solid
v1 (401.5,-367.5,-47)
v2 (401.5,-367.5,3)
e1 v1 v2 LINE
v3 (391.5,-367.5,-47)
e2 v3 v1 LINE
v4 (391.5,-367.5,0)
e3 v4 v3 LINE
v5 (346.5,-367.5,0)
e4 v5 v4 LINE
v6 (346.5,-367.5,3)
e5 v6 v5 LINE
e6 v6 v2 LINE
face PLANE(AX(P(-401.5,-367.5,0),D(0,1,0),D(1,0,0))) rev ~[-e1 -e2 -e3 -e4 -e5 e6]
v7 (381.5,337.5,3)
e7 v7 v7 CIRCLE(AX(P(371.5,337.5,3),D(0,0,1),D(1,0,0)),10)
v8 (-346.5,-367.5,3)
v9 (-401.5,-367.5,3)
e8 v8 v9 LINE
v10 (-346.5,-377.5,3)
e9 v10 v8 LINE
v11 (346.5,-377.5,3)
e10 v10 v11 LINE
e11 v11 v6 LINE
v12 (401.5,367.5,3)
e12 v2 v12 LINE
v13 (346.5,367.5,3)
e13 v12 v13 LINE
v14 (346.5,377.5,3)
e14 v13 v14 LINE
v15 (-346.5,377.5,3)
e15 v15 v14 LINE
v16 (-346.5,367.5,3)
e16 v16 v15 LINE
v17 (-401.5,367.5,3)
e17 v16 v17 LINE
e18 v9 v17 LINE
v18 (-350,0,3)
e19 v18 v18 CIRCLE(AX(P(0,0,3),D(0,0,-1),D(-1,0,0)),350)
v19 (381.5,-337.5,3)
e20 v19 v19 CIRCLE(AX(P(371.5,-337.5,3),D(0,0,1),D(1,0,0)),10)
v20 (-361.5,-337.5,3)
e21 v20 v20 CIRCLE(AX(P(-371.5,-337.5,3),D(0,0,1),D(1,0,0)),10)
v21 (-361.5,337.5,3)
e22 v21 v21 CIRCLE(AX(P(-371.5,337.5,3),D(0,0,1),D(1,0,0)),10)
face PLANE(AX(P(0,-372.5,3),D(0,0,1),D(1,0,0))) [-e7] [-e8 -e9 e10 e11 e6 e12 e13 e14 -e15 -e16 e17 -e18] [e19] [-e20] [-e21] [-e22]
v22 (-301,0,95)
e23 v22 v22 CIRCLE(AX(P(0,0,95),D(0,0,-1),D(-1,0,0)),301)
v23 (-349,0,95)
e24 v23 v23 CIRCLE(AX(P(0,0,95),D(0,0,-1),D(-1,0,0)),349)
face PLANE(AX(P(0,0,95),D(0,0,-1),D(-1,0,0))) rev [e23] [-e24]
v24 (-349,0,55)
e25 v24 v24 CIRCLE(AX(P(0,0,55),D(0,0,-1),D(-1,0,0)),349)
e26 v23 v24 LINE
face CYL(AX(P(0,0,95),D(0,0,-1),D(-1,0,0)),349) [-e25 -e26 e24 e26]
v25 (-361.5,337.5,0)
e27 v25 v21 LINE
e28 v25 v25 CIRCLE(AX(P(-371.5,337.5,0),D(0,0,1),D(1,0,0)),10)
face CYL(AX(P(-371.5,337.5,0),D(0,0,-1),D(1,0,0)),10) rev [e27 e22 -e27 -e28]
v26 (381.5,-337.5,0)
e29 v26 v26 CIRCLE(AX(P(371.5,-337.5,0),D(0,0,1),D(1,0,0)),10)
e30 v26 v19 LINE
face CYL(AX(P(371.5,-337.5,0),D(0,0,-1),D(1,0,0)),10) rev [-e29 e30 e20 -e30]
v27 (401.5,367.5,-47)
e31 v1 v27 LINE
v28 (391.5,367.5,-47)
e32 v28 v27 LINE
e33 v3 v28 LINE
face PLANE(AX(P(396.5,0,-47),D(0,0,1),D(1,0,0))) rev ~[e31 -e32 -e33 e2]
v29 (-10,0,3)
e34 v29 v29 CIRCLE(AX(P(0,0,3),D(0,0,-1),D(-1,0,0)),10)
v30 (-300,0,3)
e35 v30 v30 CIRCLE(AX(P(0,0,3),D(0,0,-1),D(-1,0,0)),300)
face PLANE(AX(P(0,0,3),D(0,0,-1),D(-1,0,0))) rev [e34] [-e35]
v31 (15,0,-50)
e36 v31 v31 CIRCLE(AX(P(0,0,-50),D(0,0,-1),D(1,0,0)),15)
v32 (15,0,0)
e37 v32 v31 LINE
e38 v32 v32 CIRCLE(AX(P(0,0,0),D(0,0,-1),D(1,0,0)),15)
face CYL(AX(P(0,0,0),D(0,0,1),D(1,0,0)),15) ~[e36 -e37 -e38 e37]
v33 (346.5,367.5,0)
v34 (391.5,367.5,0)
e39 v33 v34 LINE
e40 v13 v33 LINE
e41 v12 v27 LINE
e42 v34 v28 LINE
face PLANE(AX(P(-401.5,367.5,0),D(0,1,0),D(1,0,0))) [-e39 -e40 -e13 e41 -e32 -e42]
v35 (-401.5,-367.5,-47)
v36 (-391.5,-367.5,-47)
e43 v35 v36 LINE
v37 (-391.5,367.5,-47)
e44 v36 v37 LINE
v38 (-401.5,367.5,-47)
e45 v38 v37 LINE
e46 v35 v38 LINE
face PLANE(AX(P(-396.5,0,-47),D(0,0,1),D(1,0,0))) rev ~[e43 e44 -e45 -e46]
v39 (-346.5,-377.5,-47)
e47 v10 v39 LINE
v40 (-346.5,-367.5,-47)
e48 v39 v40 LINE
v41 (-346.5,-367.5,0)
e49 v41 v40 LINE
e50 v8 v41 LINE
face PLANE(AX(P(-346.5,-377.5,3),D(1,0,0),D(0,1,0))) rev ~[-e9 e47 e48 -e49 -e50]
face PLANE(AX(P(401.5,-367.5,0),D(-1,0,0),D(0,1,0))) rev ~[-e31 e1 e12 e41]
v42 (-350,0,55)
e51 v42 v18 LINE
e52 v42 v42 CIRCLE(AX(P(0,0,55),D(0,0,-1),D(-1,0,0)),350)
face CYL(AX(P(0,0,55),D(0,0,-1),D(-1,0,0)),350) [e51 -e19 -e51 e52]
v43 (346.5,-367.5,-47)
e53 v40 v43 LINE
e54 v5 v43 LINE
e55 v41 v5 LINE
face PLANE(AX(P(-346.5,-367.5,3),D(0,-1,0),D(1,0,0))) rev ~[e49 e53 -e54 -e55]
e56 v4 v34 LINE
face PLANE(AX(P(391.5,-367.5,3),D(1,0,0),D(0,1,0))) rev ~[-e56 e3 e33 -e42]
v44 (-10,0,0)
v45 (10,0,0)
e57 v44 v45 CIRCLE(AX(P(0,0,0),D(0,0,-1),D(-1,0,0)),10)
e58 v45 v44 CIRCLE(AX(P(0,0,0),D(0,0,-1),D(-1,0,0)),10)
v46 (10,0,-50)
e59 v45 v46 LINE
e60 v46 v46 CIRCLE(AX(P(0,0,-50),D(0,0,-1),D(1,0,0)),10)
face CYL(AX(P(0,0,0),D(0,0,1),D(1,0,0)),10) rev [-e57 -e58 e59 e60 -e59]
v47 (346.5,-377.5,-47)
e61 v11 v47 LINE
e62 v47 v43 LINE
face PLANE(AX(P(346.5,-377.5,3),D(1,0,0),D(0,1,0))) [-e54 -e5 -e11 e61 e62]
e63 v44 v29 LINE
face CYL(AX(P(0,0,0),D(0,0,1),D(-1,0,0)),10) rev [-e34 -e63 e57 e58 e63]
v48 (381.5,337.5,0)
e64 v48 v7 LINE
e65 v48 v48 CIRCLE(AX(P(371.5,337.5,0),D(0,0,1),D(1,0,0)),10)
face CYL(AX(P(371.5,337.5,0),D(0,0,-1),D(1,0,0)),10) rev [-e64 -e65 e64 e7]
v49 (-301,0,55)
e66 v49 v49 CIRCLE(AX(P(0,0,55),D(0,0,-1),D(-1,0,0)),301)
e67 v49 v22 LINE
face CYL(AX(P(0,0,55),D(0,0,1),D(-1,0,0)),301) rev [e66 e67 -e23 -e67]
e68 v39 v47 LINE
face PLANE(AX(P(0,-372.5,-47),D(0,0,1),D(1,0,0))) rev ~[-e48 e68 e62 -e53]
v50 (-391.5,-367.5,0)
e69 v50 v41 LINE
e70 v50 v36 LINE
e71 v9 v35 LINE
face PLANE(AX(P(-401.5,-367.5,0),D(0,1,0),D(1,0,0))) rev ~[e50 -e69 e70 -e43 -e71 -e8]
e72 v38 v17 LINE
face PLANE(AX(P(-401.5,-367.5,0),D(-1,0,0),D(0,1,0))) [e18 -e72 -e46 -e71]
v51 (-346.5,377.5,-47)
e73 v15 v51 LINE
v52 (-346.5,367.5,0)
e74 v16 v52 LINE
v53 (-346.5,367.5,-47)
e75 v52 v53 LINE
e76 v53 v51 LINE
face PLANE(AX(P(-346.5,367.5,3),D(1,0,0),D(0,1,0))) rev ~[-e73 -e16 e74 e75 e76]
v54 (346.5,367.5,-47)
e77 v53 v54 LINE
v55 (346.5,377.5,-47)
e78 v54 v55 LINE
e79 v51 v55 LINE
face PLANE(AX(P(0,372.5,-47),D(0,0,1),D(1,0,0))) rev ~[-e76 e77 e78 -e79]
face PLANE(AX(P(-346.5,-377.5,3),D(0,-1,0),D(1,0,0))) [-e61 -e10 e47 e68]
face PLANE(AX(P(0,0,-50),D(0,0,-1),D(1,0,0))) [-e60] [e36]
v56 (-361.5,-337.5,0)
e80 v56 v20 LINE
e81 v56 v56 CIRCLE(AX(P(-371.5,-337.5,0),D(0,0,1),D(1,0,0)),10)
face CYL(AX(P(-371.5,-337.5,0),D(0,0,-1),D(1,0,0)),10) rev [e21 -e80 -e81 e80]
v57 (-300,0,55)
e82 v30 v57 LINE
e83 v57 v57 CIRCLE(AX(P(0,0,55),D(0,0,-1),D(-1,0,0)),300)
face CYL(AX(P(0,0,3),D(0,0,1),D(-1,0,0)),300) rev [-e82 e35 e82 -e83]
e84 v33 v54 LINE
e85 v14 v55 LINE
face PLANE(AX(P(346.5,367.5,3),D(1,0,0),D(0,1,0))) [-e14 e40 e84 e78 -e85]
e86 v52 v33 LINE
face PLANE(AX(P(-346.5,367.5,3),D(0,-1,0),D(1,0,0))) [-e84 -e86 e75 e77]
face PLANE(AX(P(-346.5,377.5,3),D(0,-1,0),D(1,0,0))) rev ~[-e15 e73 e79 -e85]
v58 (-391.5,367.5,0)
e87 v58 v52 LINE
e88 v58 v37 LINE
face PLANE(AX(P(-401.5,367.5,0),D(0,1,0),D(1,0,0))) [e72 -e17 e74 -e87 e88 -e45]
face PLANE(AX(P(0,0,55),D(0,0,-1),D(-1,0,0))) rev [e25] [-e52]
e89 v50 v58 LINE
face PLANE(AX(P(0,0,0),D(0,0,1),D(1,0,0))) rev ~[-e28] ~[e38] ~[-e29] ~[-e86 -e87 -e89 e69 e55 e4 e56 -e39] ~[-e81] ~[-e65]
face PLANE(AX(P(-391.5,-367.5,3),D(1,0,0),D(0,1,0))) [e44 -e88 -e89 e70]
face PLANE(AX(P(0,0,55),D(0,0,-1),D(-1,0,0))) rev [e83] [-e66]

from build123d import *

# Parameters (mm, degrees)
F2_W     = 803
F2_H     = 735
F2_R     = 10
F2_R_2   = 301
F3_DEPTH = 3
F4_W     = 693
F4_H     = 10
F4_W_2   = 10
F4_H_2   = 735
F5_DEPTH = 50
F6_R     = 15
F6_R_2   = 10
F7_DEPTH = 50


with BuildPart() as f1:
    # F0 (on Front) → F1 (revolve)
    with BuildSketch(Plane.XZ):
        Polygon((-350, 3), (-300, 3), (-300, 55), (-301, 55), (-301, 95), (-349, 95), (-349, 55), (-350, 55), align=None)
        Polygon((-10, 3), (-300, 3), (-350, 3), (-350, 0), (-10, 0), align=None)
    revolve(axis=Axis((0, 0, 187.921241), (0, 0, -1)))

    # F2 (on Top) → F3 (join)
    with BuildSketch(Plane.XY):
        Rectangle(F2_W, F2_H)
        with Locations((-371.5, -337.5)):
            Circle(F2_R, mode=Mode.SUBTRACT)
        with Locations((371.5, -337.5)):
            Circle(F2_R, mode=Mode.SUBTRACT)
        Circle(F2_R_2, mode=Mode.SUBTRACT)
        with Locations((-371.5, 337.5)):
            Circle(F2_R, mode=Mode.SUBTRACT)
        with Locations((371.5, 337.5)):
            Circle(F2_R, mode=Mode.SUBTRACT)
    extrude(amount=F3_DEPTH)

    # F4 (on face) → F5 (join)
    with BuildSketch(Plane.XY.offset(3)):
        with Locations((0, -372.5)):
            Rectangle(F4_W, F4_H)
        with Locations((-396.5, 0)):
            Rectangle(F4_W_2, F4_H_2)
        with Locations((0, 372.5)):
            Rectangle(F4_W, F4_H)
        with Locations((396.5, 0)):
            Rectangle(F4_W_2, F4_H_2)
    extrude(amount=-F5_DEPTH)

    # F6 (on face) → F7 (join)
    with BuildSketch(Plane(origin=(0, 0, 0), x_dir=(1, 0, 0), z_dir=(0, 0, -1))):
        Circle(F6_R)
        Circle(F6_R_2, mode=Mode.SUBTRACT)
    extrude(amount=F7_DEPTH)


solid = f1.part
